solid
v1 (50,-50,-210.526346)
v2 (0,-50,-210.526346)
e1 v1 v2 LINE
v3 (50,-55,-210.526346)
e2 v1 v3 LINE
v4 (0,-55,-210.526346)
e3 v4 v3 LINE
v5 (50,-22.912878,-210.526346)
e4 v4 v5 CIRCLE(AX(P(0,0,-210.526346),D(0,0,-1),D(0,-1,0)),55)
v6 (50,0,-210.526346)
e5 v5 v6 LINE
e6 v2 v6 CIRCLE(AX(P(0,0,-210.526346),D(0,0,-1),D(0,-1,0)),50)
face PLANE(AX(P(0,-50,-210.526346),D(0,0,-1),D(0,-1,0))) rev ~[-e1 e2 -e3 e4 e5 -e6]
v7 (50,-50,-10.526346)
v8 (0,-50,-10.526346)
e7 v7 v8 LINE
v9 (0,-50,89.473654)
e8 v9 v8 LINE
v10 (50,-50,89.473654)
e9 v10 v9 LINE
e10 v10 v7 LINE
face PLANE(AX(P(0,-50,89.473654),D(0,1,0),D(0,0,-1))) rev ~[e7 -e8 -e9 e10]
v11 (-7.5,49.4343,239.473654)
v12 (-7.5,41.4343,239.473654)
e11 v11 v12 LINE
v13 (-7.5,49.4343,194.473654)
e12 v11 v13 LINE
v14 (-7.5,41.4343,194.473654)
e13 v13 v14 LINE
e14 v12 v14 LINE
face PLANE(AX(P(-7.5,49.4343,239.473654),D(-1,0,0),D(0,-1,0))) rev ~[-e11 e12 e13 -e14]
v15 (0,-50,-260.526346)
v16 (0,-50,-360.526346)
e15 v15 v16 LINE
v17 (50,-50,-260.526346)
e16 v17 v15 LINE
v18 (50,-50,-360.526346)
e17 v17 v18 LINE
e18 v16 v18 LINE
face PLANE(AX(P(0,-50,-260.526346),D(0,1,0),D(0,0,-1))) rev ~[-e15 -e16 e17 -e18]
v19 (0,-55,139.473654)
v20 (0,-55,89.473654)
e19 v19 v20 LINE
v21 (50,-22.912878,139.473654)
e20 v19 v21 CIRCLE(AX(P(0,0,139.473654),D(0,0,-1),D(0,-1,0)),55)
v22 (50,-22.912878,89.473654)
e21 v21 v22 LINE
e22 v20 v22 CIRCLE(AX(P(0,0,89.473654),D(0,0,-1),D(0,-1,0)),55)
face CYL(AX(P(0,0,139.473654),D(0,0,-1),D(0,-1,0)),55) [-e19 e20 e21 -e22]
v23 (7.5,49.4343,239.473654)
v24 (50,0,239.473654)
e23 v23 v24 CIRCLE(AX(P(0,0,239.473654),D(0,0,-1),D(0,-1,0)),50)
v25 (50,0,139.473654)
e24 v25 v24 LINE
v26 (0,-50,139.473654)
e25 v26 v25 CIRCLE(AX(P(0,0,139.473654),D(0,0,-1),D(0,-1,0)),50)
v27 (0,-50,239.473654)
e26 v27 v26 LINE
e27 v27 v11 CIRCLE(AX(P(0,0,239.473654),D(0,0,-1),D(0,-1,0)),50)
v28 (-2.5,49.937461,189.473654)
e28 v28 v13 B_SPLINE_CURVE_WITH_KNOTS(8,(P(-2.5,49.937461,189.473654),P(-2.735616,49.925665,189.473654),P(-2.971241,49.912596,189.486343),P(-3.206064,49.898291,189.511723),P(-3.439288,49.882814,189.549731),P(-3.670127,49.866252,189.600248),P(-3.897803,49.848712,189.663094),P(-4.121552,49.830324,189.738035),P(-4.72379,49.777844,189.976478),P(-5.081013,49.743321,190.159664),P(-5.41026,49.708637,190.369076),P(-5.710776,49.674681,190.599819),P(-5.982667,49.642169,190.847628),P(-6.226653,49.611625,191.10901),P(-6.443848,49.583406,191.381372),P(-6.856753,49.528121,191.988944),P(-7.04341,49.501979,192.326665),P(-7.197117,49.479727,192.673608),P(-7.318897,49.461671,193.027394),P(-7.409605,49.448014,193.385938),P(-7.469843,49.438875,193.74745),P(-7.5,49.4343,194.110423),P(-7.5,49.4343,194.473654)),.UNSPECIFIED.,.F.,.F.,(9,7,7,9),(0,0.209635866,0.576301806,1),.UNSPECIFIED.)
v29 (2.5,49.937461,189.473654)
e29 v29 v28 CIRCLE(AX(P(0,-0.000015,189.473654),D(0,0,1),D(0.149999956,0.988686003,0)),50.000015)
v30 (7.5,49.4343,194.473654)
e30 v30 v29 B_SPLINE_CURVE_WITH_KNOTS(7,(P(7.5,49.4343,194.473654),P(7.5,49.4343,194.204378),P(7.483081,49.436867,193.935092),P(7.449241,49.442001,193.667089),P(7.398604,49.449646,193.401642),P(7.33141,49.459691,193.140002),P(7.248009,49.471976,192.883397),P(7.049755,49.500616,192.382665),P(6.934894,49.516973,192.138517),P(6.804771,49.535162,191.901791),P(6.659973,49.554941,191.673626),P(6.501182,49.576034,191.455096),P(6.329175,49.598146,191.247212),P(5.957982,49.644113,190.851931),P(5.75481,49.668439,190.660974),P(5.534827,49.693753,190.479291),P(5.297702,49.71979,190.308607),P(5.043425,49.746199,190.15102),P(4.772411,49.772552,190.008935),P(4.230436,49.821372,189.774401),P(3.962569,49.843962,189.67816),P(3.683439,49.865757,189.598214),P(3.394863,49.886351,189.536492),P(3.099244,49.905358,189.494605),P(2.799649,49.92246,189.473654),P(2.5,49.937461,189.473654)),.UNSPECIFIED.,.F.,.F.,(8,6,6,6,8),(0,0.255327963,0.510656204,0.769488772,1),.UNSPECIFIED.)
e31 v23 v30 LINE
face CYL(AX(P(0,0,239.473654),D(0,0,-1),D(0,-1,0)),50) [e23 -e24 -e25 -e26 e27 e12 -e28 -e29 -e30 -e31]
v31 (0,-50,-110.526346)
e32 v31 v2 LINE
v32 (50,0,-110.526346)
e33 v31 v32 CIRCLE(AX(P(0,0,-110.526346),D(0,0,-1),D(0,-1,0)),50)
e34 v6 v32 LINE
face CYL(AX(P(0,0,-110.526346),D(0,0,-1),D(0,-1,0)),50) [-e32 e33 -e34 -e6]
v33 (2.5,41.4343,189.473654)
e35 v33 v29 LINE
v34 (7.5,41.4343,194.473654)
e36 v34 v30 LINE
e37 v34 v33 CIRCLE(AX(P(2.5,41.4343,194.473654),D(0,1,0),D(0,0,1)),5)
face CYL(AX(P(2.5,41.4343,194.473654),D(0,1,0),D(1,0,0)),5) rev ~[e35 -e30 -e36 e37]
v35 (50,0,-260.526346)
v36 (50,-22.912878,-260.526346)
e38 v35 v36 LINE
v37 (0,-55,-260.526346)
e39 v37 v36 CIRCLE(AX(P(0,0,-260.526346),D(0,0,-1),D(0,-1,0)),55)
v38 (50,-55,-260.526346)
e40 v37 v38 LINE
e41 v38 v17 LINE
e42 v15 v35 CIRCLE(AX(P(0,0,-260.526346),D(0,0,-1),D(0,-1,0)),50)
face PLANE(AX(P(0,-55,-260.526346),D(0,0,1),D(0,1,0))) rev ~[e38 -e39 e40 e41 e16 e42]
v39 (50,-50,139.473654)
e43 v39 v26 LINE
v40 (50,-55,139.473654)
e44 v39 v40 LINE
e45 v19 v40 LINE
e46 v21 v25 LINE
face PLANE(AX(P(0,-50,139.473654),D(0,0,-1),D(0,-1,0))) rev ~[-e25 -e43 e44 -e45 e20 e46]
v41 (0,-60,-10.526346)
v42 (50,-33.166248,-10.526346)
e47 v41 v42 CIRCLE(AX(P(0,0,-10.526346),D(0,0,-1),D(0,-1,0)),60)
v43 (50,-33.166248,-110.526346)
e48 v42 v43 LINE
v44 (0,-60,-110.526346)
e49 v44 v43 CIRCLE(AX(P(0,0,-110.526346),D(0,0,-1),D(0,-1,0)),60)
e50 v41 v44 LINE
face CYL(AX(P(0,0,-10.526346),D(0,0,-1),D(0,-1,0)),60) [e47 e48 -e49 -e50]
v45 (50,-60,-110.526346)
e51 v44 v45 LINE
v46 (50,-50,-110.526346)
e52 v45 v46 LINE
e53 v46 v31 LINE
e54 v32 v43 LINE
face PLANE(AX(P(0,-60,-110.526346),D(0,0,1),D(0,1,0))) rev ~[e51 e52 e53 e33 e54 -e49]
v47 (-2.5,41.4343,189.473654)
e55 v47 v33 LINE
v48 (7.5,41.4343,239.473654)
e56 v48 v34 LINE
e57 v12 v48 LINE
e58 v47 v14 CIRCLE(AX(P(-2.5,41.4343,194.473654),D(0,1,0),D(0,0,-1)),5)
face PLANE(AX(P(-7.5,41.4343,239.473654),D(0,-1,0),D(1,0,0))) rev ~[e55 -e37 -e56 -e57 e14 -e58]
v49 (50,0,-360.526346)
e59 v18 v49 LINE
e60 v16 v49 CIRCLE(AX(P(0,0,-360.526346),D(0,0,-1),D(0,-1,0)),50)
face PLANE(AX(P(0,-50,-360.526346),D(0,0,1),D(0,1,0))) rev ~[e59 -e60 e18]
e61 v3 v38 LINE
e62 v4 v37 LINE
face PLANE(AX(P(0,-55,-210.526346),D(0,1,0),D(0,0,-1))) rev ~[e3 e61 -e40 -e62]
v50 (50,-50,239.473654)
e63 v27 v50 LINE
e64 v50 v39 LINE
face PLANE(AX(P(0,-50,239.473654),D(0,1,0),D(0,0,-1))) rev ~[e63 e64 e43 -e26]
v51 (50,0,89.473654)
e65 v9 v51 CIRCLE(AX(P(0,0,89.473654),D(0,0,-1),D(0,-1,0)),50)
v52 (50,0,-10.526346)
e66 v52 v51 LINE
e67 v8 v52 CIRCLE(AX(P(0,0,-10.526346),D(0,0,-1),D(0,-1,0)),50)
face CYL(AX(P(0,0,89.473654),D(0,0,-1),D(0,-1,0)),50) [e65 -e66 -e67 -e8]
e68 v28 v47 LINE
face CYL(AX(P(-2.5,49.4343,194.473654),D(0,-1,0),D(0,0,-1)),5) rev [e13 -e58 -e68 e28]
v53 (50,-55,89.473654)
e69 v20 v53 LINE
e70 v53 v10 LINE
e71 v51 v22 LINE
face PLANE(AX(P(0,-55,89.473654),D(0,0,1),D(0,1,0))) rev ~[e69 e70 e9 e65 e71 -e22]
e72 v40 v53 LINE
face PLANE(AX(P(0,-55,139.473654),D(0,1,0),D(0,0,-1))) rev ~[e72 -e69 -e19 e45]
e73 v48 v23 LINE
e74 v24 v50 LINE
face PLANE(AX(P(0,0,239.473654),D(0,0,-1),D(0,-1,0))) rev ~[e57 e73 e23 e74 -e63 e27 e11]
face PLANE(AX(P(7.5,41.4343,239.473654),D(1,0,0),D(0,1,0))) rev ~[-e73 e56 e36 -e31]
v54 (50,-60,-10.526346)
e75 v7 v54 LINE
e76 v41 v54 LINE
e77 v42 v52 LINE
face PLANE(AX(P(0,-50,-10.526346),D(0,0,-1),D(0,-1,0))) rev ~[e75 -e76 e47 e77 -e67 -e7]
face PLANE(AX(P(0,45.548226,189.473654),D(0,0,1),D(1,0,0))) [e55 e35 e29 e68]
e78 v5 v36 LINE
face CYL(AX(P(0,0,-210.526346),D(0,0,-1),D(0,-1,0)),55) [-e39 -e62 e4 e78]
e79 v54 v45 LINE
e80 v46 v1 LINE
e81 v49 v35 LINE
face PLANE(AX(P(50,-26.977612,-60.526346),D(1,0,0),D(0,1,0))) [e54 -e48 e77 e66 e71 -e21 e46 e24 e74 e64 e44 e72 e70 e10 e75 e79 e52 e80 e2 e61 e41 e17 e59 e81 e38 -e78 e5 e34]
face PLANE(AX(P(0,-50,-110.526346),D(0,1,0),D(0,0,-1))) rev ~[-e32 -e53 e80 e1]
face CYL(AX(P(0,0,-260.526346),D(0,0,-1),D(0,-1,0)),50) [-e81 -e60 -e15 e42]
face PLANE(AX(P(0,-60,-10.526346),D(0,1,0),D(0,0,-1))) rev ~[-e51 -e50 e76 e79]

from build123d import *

# Parameters (mm, degrees)
F3_DEPTH = 50
F4_R     = 5
F5_DEPTH = 50


with BuildPart() as f1:
    # F0 (on Right) → F1 (revolve)
    with BuildSketch(Plane.YZ):
        Polygon((-50, -360.526346), (0, -360.526346), (0, 239.473654), (-50, 239.473654), (-50, 139.473654), (-55, 139.473654), (-55, 89.473654), (-50, 89.473654), (-50, -10.526346), (-60, -10.526346), (-60, -110.526346), (-50, -110.526346), (-50, -210.526346), (-55, -210.526346), (-55, -260.526346), (-50, -260.526346), align=None)
    revolve(axis=Axis((0, 0, -60.526346), (0, 0, -1)))

    # F2 (on face) → F3 (cut)
    with BuildSketch(Plane.XY.offset(239.473654)):
        with BuildLine():
            Line((7.5, 41.4343), (7.5, 49.4343))
            ThreePointArc((7.5, 49.4343), (0, 50), (-7.5, 49.4343))
            Line((-7.5, 49.4343), (-7.5, 41.4343))
            Line((-7.5, 41.4343), (7.5, 41.4343))
        make_face()
    extrude(amount=-F3_DEPTH, mode=Mode.SUBTRACT)

    # F4
    f4_edges = [f1.edges().sort_by_distance(p)[0] for p in [
        (-7.5, 45.4343, 189.473654),
        (7.5, 45.4343, 189.473654),
    ]]
    fillet(f4_edges, radius=F4_R)

    # F0 (on Right) → F5 (join)
    with BuildSketch(Plane.YZ):
        Polygon((-50, -360.526346), (0, -360.526346), (0, 239.473654), (-50, 239.473654), (-50, 139.473654), (-55, 139.473654), (-55, 89.473654), (-50, 89.473654), (-50, -10.526346), (-60, -10.526346), (-60, -110.526346), (-50, -110.526346), (-50, -210.526346), (-55, -210.526346), (-55, -260.526346), (-50, -260.526346), align=None)
    extrude(amount=F5_DEPTH)


solid = f1.part
